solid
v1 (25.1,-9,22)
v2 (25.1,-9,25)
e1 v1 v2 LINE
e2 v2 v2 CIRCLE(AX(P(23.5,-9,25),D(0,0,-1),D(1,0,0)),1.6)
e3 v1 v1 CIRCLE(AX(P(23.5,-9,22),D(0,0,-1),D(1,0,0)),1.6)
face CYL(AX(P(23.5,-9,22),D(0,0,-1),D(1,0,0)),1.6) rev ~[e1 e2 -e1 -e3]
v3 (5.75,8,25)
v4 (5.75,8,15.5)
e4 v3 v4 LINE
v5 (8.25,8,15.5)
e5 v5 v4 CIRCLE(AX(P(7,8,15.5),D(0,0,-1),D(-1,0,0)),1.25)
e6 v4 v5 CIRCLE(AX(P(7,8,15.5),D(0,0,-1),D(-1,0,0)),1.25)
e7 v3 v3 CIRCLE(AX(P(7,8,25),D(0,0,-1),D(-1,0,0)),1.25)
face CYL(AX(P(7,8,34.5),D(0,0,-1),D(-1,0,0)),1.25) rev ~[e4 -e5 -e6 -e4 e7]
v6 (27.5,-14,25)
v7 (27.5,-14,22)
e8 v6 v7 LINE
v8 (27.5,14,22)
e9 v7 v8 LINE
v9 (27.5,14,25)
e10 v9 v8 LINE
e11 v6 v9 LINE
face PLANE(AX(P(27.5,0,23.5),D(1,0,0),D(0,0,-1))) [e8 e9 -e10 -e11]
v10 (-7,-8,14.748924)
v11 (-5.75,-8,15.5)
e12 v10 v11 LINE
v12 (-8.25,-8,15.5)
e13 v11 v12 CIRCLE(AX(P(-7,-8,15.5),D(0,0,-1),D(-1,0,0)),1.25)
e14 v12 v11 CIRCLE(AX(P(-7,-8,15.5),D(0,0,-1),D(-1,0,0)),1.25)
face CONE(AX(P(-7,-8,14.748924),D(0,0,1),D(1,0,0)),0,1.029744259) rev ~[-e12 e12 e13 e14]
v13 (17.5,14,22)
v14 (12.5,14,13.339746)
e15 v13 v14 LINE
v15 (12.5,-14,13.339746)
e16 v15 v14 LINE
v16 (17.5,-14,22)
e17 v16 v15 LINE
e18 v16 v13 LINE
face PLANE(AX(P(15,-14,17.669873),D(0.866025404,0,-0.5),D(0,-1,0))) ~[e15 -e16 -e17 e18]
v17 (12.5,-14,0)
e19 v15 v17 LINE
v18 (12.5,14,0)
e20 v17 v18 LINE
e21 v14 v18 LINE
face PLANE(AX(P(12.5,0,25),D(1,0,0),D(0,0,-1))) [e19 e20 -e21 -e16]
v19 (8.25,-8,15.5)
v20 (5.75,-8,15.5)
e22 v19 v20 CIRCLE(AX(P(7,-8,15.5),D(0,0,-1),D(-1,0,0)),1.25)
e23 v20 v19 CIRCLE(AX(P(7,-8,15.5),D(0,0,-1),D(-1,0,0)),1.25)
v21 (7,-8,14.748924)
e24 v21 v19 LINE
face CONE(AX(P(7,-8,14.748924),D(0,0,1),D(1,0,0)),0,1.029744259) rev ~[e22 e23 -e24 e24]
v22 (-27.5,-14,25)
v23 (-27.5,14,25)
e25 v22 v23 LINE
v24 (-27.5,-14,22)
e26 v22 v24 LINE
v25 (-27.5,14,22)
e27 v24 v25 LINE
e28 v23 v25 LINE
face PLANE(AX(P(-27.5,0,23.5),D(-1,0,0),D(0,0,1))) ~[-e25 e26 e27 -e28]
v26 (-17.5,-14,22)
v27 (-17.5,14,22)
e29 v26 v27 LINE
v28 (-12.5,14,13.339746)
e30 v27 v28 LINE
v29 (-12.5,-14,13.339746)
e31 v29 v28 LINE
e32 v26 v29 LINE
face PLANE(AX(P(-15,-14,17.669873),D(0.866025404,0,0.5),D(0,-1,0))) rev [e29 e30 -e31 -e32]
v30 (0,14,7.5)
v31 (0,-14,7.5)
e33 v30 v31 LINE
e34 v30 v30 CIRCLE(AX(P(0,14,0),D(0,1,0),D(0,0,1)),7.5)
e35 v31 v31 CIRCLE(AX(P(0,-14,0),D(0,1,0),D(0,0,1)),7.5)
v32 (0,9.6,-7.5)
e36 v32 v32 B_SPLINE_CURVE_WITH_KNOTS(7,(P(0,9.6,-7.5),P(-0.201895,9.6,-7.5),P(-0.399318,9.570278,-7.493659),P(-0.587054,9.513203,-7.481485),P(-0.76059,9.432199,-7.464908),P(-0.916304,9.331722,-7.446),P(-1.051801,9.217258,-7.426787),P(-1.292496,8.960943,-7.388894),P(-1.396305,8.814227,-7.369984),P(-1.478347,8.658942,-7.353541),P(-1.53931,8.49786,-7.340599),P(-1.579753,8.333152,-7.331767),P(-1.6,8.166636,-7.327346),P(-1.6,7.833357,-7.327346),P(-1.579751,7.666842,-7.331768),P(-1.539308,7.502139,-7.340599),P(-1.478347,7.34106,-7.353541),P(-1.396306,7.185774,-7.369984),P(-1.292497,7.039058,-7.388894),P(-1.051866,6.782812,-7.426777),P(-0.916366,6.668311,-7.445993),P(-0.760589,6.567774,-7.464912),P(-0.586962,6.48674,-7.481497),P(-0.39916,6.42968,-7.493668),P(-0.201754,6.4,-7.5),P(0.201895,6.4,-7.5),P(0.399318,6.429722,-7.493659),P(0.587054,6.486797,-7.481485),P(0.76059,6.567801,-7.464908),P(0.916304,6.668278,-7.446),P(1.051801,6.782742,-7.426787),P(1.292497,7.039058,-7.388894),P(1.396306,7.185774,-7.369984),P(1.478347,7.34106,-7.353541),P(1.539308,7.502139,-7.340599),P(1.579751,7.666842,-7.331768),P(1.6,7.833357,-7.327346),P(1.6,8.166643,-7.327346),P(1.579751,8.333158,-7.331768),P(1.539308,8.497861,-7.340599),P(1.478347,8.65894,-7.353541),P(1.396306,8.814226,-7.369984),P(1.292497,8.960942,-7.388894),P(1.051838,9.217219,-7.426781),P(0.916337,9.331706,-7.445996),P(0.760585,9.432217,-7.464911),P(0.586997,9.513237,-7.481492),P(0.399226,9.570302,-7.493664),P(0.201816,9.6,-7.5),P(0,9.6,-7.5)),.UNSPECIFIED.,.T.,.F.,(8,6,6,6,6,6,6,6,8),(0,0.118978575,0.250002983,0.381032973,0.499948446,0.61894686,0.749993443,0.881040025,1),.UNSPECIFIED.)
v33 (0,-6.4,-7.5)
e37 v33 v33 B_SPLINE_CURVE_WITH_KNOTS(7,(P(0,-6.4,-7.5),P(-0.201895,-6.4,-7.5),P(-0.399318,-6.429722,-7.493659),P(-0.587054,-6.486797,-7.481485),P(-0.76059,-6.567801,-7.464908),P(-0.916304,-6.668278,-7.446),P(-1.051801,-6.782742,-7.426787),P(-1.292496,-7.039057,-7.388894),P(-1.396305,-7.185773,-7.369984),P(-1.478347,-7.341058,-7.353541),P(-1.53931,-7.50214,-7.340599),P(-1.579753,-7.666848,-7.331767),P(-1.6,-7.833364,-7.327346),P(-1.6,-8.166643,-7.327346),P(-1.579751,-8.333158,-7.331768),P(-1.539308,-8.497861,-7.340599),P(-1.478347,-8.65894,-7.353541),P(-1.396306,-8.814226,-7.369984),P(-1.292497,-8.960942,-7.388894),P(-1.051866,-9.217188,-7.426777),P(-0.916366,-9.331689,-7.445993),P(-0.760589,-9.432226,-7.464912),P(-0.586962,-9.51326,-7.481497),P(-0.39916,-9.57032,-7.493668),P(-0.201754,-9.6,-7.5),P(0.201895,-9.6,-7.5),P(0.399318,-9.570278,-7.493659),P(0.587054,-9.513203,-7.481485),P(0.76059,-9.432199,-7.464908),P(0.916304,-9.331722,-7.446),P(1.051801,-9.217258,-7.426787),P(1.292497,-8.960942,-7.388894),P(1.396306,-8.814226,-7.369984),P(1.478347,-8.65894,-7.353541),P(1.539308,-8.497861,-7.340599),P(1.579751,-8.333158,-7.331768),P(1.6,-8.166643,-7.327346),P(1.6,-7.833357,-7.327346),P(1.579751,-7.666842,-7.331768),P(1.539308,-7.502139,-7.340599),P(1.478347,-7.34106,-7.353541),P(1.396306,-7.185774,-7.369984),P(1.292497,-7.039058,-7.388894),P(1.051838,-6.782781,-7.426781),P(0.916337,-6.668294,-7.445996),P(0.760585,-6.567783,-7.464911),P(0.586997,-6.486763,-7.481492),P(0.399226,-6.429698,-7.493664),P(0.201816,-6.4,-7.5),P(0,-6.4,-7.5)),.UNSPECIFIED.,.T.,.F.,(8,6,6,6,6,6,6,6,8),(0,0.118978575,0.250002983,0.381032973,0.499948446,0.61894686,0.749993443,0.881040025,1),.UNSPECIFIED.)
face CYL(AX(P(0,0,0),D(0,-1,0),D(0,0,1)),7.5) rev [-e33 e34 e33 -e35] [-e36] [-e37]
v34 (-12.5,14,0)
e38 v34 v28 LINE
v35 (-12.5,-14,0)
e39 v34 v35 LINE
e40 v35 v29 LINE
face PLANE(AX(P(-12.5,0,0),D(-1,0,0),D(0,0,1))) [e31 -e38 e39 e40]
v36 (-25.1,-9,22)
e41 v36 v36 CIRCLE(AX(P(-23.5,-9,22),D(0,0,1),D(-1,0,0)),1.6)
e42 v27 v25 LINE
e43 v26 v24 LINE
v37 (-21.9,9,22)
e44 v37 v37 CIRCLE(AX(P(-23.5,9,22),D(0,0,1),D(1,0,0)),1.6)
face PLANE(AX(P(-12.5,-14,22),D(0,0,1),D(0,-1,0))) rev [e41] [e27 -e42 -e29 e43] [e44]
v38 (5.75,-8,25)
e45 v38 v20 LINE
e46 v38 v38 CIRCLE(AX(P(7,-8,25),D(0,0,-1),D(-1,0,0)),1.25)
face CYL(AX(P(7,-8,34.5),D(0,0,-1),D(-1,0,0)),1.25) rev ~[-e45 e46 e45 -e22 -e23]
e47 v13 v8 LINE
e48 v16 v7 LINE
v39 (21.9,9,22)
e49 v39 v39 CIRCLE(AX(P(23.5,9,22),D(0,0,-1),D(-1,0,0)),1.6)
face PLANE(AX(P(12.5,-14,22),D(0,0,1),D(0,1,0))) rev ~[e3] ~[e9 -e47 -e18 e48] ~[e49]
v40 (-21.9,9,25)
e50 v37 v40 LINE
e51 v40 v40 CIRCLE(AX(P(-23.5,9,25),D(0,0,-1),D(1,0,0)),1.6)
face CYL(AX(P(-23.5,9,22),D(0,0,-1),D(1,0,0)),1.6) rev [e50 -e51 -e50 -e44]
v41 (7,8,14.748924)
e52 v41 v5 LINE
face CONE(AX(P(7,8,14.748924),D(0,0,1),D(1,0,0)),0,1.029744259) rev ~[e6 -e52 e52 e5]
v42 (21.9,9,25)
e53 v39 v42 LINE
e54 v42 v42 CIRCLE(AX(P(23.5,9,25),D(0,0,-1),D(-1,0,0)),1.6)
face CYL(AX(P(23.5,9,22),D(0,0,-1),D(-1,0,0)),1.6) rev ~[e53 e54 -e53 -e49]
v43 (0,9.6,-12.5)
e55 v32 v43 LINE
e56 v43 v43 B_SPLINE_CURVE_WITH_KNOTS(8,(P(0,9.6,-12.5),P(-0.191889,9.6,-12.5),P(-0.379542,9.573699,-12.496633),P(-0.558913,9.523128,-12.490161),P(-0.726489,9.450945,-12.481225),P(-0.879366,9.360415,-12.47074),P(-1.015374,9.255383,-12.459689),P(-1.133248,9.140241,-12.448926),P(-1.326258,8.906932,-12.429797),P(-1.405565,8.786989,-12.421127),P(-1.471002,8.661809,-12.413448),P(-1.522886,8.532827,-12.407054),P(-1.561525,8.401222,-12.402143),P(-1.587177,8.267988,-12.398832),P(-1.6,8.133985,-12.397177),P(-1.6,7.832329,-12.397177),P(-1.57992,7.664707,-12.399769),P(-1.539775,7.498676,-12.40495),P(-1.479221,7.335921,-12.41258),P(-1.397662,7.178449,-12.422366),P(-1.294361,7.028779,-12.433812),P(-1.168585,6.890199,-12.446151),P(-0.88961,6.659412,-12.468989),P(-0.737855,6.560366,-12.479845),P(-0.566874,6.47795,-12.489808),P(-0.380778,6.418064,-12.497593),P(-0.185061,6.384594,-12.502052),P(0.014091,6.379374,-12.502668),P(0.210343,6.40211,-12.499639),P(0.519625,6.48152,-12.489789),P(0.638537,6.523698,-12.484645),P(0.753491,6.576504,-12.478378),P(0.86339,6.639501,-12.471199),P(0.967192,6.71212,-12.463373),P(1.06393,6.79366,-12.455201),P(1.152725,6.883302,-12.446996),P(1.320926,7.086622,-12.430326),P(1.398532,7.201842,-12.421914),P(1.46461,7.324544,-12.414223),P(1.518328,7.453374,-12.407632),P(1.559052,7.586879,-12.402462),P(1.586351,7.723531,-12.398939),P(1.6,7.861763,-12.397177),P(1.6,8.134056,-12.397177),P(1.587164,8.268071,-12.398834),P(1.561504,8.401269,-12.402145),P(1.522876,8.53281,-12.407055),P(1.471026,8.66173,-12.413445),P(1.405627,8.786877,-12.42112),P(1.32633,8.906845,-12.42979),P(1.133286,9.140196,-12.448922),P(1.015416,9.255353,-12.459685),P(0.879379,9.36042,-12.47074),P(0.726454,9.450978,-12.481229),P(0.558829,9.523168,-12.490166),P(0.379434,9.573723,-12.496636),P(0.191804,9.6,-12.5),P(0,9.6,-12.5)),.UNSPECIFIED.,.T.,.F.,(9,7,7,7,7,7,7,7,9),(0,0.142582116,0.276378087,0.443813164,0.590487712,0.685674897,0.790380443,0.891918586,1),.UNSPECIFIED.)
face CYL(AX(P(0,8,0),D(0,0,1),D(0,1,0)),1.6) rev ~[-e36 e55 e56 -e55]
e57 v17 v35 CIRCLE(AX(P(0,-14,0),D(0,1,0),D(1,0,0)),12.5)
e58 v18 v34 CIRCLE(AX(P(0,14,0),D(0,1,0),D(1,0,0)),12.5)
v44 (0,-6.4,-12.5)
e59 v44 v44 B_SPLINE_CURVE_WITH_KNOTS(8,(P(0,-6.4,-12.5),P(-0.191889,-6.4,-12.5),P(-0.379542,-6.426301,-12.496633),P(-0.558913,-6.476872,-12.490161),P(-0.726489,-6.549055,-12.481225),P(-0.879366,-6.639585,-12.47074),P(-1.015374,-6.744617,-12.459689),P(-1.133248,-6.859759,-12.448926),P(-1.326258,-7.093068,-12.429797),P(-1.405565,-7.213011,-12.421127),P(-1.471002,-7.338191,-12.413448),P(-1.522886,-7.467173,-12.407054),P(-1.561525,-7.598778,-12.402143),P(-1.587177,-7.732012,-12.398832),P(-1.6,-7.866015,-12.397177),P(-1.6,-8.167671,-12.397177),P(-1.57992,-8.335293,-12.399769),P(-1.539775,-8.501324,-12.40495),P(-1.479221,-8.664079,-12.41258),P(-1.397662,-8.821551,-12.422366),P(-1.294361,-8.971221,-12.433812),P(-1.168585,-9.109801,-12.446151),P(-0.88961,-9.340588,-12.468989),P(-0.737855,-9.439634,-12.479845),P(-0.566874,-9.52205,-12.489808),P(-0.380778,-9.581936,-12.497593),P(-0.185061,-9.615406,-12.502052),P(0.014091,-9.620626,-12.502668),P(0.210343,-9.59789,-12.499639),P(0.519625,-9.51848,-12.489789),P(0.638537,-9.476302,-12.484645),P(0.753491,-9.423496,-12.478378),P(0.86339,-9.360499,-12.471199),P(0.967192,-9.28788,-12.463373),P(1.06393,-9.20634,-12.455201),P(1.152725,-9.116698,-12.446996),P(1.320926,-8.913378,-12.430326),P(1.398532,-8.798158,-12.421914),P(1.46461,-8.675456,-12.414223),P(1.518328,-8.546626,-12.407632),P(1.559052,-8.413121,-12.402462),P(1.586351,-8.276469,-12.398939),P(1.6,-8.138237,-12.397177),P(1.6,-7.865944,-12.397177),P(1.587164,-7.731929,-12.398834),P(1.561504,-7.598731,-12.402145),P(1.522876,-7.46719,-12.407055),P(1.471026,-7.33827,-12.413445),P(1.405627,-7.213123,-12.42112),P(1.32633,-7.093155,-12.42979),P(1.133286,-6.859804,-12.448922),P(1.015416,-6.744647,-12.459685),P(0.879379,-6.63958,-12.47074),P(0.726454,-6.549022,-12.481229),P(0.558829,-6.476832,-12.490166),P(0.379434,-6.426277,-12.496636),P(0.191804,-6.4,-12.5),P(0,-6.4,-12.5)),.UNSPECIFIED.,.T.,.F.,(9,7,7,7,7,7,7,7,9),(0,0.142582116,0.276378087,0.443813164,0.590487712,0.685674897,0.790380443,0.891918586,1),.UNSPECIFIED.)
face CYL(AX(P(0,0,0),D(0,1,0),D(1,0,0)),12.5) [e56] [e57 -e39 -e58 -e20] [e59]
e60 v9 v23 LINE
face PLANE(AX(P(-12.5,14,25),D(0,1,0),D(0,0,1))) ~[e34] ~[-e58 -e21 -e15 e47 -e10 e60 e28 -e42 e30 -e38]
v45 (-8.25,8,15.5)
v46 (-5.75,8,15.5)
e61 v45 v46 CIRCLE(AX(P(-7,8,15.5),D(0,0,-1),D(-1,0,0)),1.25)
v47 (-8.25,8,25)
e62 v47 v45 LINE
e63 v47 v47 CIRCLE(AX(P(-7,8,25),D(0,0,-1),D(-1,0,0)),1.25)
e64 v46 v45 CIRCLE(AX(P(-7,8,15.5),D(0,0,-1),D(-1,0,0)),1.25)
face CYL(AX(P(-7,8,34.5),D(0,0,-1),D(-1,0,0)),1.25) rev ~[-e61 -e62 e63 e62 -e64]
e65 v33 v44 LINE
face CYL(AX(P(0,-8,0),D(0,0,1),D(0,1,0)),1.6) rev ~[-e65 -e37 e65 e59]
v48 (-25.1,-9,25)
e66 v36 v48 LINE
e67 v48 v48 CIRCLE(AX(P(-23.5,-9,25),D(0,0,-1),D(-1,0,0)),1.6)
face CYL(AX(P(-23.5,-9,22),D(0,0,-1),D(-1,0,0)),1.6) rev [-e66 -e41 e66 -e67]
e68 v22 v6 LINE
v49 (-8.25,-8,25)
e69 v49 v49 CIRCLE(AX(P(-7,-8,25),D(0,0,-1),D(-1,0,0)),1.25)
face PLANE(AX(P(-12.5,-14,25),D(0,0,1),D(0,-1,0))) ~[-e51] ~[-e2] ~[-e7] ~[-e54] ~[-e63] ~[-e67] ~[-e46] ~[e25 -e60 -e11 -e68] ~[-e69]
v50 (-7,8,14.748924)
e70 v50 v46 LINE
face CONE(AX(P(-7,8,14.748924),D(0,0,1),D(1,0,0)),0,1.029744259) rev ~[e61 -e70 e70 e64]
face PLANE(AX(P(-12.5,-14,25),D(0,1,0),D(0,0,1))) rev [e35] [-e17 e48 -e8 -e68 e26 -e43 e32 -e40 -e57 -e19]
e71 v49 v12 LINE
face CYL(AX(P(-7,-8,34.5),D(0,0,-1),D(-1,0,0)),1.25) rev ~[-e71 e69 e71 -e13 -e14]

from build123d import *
from OCP.BRepFilletAPI import BRepFilletAPI_MakeChamfer

# Parameters (mm, degrees)
SKETCH_1_R             = 7.5
EXTRUDE_1_DEPTH        = 14
SKETCH_7_R             = 1.6
CUT_EXTRUDE_2_DEPTH    = 32.260998065
HOLE_WIZARD_M3_1_D     = 2.5
HOLE_WIZARD_M3_1_DEPTH = 9.5
HOLE_WIZARD_M3_1_TIP   = 0.751075774
SKETCH_9_W             = 3
SKETCH_9_H             = 28
EXTRUDE_2_DEPTH        = 15
SKETCH_10_R            = 1.6
CUT_EXTRUDE_3_DEPTH    = 47.287147349
CHAMFER_1_SIZE         = 5
CHAMFER_1_SIZE2        = 8.660254038


with BuildPart() as part:
    # 草图1 → 凸台-拉伸1 (new, symmetric)
    with BuildSketch(Plane(origin=(0, 0, 0), x_dir=(1, 0, 0), z_dir=(0, 1, 0))):
        with BuildLine():
            Line((-12.5, -25), (12.5, -25))
            Line((12.5, -25), (12.5, 0))
            ThreePointArc((12.5, 0), (0, 12.5), (-12.5, 0))
            Line((-12.5, 0), (-12.5, -25))
        make_face()
        with Locations(Location((0, 0, 0), (0, 0, 270))):
            Circle(SKETCH_1_R, mode=Mode.SUBTRACT)
    extrude(amount=EXTRUDE_1_DEPTH, both=True)

    # 草图7 → 切除-拉伸2 (cut, through all)
    with BuildSketch(Plane.XY):
        with Locations(Location((0, -8, 0), (0, 0, 90))):
            Circle(SKETCH_7_R)
        with Locations(Location((0, 8, 0), (0, 0, 90))):
            Circle(SKETCH_7_R)
    extrude(amount=-CUT_EXTRUDE_2_DEPTH, mode=Mode.SUBTRACT)

    # M3 螺纹孔1
    with Locations(Plane(origin=(-7, -8, 25), x_dir=(1, 0, 0), z_dir=(0, 0, 1))):
        with Locations((0, 0), (14, 0), (14, 16), (0, 16)):
            Hole(HOLE_WIZARD_M3_1_D / 2, depth=HOLE_WIZARD_M3_1_DEPTH)
            with Locations((0, 0, -(HOLE_WIZARD_M3_1_DEPTH + HOLE_WIZARD_M3_1_TIP / 2))):  # 118° drill point
                Cone(0, HOLE_WIZARD_M3_1_D / 2, HOLE_WIZARD_M3_1_TIP, mode=Mode.SUBTRACT)

    # 草图9 → 凸台-拉伸2 (add)
    with BuildSketch(Plane(origin=(12.5, 0, 0), x_dir=(0, 0, -1), z_dir=(1, 0, 0))):
        with Locations((-23.5, 0)):
            Rectangle(SKETCH_9_W, SKETCH_9_H)
    extrude_2 = extrude(amount=EXTRUDE_2_DEPTH)

    # 草图10 → 切除-拉伸3 (cut, through all)
    with BuildSketch(Plane(origin=(0, 0, 22), x_dir=(-1, 0, 0), z_dir=(0, 0, -1))):
        with Locations((-23.5, 9)):
            Circle(SKETCH_10_R)
        with Locations(Location((-23.5, -9, 0), (0, 0, 180))):
            Circle(SKETCH_10_R)
    cut_extrude_3 = extrude(amount=-CUT_EXTRUDE_3_DEPTH, mode=Mode.SUBTRACT)

    # 镜向6: 凸台-拉伸2, 切除-拉伸3 across plane
    add(extrude_2.mirror(Plane(origin=(0, 0, 0), x_dir=(0, 0, 1), z_dir=(1, 0, 0))))
    add(cut_extrude_3.mirror(Plane(origin=(0, 0, 0), x_dir=(0, 0, 1), z_dir=(1, 0, 0))), mode=Mode.SUBTRACT)

    # 倒角1: one chamfer whose edges measure the first distance from different faces: ONE call of the kernel's chamfer builder (chamfer() names one face for all edges)
    chamfer_1_edges_1 = [part.edges().sort_by_distance(p)[0] for p in [
        (12.5, 0, 22),
    ]]
    chamfer_1_side_1 = [part.faces().sort_by_distance(p)[0] for p in [
        (19.860620839, 0, 22),
    ]]
    chamfer_1_edges_2 = [part.edges().sort_by_distance(p)[0] for p in [
        (-12.5, 0, 22),
    ]]
    chamfer_1_side_2 = [part.faces().sort_by_distance(p)[0] for p in [
        (-19.860620839, 0, 22),
    ]]
    chamfer_1 = BRepFilletAPI_MakeChamfer(part.part.solid().wrapped)
    for e in chamfer_1_edges_1:
        chamfer_1.Add(CHAMFER_1_SIZE, CHAMFER_1_SIZE2, e.wrapped, chamfer_1_side_1[0].wrapped)  # the first distance lies on this face
    for e in chamfer_1_edges_2:
        chamfer_1.Add(CHAMFER_1_SIZE, CHAMFER_1_SIZE2, e.wrapped, chamfer_1_side_2[0].wrapped)  # the first distance lies on this face
    add(Compound.cast(chamfer_1.Shape()), mode=Mode.REPLACE)


solid = part.part
